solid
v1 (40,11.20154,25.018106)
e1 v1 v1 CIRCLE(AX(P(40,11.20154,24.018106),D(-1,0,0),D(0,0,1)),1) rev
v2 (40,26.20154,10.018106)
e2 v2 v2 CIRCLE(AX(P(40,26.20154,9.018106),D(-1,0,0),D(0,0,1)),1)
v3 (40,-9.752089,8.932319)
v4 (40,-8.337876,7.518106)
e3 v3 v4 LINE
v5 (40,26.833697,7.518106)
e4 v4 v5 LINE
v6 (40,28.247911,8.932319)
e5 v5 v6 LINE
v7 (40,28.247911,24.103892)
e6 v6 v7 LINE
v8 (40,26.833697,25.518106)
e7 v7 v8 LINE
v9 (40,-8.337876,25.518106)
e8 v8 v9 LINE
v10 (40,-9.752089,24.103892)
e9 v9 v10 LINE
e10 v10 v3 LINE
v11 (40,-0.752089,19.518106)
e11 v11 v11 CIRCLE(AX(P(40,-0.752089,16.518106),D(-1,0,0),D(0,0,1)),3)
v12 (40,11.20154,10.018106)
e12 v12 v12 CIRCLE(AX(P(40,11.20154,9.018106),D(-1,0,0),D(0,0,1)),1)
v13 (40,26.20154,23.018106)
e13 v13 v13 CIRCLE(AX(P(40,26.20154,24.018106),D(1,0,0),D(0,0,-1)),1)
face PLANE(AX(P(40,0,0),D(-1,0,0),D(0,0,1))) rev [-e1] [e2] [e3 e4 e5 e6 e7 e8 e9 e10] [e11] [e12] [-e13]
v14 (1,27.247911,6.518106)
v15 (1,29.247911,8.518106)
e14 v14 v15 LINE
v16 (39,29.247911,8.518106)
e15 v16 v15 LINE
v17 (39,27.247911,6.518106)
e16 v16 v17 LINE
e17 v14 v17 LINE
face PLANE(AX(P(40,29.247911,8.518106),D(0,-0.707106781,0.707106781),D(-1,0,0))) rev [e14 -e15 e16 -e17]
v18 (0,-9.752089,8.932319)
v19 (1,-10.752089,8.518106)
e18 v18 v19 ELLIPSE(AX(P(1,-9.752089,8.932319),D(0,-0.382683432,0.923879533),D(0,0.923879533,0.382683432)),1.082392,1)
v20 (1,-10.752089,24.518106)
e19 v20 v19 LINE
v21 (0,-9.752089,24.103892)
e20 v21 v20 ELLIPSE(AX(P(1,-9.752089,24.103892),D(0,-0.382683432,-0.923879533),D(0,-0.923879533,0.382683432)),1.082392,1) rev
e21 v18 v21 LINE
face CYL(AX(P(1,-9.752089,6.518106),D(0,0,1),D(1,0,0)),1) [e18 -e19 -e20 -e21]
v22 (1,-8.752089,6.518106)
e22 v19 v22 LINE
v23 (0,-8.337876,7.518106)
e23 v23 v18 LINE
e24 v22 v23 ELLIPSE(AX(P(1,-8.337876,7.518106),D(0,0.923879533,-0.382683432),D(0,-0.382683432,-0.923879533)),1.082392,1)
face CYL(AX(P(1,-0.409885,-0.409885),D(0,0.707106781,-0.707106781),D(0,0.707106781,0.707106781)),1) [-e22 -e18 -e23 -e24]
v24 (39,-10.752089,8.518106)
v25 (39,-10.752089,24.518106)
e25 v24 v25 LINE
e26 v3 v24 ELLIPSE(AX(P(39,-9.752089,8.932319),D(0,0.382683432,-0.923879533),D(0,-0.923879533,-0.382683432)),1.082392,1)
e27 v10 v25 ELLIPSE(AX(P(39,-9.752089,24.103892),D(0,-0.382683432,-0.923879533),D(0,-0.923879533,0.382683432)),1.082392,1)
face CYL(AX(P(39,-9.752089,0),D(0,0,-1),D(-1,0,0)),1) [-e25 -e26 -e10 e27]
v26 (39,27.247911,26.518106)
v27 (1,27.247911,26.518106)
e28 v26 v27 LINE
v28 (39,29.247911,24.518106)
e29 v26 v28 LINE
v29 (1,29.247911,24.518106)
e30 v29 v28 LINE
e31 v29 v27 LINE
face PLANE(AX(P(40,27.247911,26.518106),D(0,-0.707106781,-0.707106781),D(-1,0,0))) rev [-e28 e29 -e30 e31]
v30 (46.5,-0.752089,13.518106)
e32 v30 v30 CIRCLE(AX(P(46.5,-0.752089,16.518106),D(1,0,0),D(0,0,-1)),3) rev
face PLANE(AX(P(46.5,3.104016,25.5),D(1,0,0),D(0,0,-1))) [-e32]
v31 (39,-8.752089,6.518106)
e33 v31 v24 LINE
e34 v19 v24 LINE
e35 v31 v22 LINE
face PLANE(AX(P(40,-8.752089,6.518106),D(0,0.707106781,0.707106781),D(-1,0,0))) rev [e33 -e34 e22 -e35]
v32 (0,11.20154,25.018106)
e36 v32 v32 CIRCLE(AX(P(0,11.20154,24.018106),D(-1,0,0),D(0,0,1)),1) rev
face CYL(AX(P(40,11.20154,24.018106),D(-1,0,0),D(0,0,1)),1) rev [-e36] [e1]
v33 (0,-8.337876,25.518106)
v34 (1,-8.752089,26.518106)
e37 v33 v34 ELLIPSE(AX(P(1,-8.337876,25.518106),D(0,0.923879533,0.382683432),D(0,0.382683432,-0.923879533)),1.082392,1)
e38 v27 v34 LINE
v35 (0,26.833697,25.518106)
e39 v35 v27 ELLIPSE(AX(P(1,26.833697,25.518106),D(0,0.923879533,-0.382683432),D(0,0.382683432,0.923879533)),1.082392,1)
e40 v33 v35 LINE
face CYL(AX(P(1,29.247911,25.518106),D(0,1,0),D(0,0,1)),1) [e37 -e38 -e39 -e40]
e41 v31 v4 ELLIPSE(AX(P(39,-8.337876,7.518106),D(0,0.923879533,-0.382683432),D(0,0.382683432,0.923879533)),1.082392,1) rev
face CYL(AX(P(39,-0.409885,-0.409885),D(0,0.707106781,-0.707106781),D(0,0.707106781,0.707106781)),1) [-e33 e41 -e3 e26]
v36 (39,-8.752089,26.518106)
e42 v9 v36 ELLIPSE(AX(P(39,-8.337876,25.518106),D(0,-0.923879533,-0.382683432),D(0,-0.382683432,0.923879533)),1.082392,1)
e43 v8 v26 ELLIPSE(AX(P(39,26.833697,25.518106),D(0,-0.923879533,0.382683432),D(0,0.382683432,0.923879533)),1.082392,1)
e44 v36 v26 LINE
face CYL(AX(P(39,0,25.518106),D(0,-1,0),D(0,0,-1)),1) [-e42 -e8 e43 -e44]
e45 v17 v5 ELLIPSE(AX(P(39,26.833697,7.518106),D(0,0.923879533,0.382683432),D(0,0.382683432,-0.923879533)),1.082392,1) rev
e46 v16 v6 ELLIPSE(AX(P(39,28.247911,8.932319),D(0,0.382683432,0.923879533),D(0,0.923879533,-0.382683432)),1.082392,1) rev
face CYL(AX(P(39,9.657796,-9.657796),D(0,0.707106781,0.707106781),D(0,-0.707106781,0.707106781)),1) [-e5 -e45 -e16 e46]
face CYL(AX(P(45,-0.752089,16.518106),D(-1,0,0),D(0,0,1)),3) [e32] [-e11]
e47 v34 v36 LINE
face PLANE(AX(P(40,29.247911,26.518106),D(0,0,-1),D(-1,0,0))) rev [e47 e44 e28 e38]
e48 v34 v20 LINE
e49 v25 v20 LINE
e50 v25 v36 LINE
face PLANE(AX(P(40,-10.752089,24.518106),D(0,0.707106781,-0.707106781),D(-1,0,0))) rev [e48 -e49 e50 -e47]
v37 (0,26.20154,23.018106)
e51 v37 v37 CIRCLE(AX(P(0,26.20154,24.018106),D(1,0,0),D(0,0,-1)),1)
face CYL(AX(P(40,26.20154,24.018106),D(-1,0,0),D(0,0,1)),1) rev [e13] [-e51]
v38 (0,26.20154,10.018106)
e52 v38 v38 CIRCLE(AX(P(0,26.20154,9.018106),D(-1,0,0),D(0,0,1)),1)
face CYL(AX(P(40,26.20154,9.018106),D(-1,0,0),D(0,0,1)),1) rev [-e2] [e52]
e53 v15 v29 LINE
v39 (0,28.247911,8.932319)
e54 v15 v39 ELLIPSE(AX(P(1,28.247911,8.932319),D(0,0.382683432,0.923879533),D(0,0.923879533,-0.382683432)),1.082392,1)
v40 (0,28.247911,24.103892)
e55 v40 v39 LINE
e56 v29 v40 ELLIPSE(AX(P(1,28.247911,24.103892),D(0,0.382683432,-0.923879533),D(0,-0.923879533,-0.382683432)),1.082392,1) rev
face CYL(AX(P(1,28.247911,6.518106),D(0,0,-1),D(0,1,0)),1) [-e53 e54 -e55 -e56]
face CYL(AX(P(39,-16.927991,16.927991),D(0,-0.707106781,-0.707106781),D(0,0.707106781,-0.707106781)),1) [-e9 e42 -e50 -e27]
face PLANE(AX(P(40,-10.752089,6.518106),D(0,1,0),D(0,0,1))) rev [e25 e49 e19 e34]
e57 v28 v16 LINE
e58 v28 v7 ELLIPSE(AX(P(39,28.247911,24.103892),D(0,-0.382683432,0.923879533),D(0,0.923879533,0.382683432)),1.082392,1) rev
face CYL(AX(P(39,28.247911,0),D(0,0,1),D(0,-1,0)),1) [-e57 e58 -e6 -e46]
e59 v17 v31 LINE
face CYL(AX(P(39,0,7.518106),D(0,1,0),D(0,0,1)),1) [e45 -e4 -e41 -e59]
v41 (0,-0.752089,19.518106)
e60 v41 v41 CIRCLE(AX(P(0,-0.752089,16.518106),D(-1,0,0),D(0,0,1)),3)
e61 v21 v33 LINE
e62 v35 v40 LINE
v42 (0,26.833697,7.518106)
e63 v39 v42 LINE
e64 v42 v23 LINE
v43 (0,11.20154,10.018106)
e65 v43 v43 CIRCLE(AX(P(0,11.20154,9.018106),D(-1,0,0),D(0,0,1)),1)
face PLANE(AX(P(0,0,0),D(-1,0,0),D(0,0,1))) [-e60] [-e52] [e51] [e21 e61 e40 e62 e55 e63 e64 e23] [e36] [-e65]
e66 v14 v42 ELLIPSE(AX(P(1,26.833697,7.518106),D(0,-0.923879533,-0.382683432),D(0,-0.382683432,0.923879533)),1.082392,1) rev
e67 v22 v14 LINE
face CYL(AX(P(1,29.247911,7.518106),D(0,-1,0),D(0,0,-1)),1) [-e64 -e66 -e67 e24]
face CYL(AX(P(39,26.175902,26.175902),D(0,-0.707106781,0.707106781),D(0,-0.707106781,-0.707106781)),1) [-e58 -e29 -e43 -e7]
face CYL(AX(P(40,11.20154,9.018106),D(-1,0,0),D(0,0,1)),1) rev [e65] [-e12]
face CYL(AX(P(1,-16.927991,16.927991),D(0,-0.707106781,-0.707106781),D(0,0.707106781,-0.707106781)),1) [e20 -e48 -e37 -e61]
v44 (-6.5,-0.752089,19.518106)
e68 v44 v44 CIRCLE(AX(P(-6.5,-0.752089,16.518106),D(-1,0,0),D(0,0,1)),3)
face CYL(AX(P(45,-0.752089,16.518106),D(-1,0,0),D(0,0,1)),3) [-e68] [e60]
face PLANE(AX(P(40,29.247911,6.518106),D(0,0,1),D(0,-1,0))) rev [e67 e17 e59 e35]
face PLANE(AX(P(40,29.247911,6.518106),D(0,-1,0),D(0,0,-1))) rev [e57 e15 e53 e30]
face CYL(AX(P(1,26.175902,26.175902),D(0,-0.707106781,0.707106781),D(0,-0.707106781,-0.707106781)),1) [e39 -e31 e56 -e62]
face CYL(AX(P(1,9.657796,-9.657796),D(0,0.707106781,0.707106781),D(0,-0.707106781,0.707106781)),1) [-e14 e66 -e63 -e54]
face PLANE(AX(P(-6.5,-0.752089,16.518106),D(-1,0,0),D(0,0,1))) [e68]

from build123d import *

# Parameters (mm, degrees)
SKETCH_1_W           = 20
SKETCH_1_H           = 40
EXTRUDE_1_DEPTH      = 40
SKETCH_2_R           = 1
CUT_EXTRUDE_3_DEPTH  = 40
EXTRUDE_2_DEPTH      = 5
EXTRUDE_2_DEPTH_BACK = 45
SKETCH_4_R           = 1.5
CHAMFER_1_SIZE       = 2
FILLET_1_R           = 1
SKETCH_5_R           = 3
EXTRUDE_3_DEPTH      = 50
EXTRUDE_4_DEPTH      = 1.5
EXTRUDE_4_DEPTH_BACK = 53
SKETCH_7_R           = 3
SKETCH_12_W          = 1.5
SKETCH_12_H          = 6.856105301
CUT_EXTRUDE_6_DEPTH  = 25.5
EXTRUDE_START        = 6.5
SKETCH_9_R           = 3
EXTRUDE_7_DEPTH      = 6.5


with BuildPart() as part:
    # ｽｹｯﾁ1 → ﾎﾞｽ - 押し出し1 (new body)
    with BuildSketch(Plane(origin=(0, 0, 0), x_dir=(0, 0, -1), z_dir=(1, 0, 0))):
        with Locations((-16.51810585, 9.247910864)):
            Rectangle(SKETCH_1_W, SKETCH_1_H)
    extrude(amount=EXTRUDE_1_DEPTH)

    # ｽｹｯﾁ2 → ｶｯﾄ - 押し出し3 (cut)
    with BuildSketch(Plane.ZY):
        with Locations((9.01810585, 26.201539891)):
            Circle(SKETCH_2_R)
        with Locations((9.01810585, 11.201539891)):
            Circle(SKETCH_2_R)
        with Locations((24.01810585, 11.201539891)):
            Circle(SKETCH_2_R)
        with Locations(Location((24.01810585, 26.201539891, 0), (0, 0, 180))):
            Circle(SKETCH_2_R)
    extrude(amount=-CUT_EXTRUDE_3_DEPTH, mode=Mode.SUBTRACT)

    # ｽｹｯﾁ4 → ﾎﾞｽ - 押し出し2 (add, two sides: drawn at the far end of the back side and taken through both)
    with BuildSketch(Plane.ZY.offset(-EXTRUDE_2_DEPTH_BACK)):
        with Locations((16.51810585, -0.752089136)):
            Circle(SKETCH_4_R)
    extrude(amount=EXTRUDE_2_DEPTH + EXTRUDE_2_DEPTH_BACK)

    # 面取り1
    chamfer_1_edges = [part.edges().sort_by_distance(p)[0] for p in [
        (20, -10.752089136, 6.51810585),
        (20, -10.752089136, 26.51810585),
        (20, 29.247910864, 26.51810585),
        (20, 29.247910864, 6.51810585),
    ]]
    chamfer(chamfer_1_edges, length=CHAMFER_1_SIZE)

    # ﾌｨﾚｯﾄ1
    fillet_1_edges = [part.edges().sort_by_distance(p)[0] for p in [
        (0, 9.247910864, 26.51810585),
        (40, 9.247910864, 26.51810585),
        (0, 9.247910864, 6.51810585),
        (0, -10.752089136, 16.51810585),
        (0, 29.247910864, 16.51810585),
        (0, -9.752089136, 25.51810585),
        (0, -9.752089136, 7.51810585),
        (0, 28.247910864, 7.51810585),
        (0, 28.247910864, 25.51810585),
        (40, 29.247910864, 16.51810585),
        (40, 9.247910864, 6.51810585),
        (40, -10.752089136, 16.51810585),
        (40, -9.752089136, 25.51810585),
        (40, -9.752089136, 7.51810585),
        (40, 28.247910864, 7.51810585),
        (40, 28.247910864, 25.51810585),
    ]]
    fillet(fillet_1_edges, radius=FILLET_1_R)

    # ｽｹｯﾁ5 → ﾎﾞｽ - 押し出し3 (add)
    with BuildSketch(Plane.ZY.offset(5)):
        with Locations((16.51810585, -0.752089136)):
            Circle(SKETCH_5_R)
    extrude(amount=-EXTRUDE_3_DEPTH)

    # ｽｹｯﾁ7 → ﾎﾞｽ - 押し出し4 (add, two sides: drawn at the far end of the back side and taken through both)
    with BuildSketch(Plane.ZY.offset(5).offset(-EXTRUDE_4_DEPTH_BACK)):
        with Locations((16.51810585, -0.752089136)):
            Circle(SKETCH_7_R)
    extrude(amount=EXTRUDE_4_DEPTH + EXTRUDE_4_DEPTH_BACK)

    # ｽｹｯﾁ12 → ｶｯﾄ - 押し出し6 (cut)
    with BuildSketch(Plane.XY):
        with Locations((47.25, -0.324036486)):
            Rectangle(SKETCH_12_W, SKETCH_12_H)
    extrude(amount=CUT_EXTRUDE_6_DEPTH, mode=Mode.SUBTRACT)

    # ｽｹｯﾁ9 → ﾎﾞｽ - 押し出し7 (add)
    with BuildSketch(Plane.ZY.offset(EXTRUDE_START)):
        with Locations((16.51810585, -0.752089136)):
            Circle(SKETCH_9_R)
    extrude(amount=-EXTRUDE_7_DEPTH)


solid = part.part
